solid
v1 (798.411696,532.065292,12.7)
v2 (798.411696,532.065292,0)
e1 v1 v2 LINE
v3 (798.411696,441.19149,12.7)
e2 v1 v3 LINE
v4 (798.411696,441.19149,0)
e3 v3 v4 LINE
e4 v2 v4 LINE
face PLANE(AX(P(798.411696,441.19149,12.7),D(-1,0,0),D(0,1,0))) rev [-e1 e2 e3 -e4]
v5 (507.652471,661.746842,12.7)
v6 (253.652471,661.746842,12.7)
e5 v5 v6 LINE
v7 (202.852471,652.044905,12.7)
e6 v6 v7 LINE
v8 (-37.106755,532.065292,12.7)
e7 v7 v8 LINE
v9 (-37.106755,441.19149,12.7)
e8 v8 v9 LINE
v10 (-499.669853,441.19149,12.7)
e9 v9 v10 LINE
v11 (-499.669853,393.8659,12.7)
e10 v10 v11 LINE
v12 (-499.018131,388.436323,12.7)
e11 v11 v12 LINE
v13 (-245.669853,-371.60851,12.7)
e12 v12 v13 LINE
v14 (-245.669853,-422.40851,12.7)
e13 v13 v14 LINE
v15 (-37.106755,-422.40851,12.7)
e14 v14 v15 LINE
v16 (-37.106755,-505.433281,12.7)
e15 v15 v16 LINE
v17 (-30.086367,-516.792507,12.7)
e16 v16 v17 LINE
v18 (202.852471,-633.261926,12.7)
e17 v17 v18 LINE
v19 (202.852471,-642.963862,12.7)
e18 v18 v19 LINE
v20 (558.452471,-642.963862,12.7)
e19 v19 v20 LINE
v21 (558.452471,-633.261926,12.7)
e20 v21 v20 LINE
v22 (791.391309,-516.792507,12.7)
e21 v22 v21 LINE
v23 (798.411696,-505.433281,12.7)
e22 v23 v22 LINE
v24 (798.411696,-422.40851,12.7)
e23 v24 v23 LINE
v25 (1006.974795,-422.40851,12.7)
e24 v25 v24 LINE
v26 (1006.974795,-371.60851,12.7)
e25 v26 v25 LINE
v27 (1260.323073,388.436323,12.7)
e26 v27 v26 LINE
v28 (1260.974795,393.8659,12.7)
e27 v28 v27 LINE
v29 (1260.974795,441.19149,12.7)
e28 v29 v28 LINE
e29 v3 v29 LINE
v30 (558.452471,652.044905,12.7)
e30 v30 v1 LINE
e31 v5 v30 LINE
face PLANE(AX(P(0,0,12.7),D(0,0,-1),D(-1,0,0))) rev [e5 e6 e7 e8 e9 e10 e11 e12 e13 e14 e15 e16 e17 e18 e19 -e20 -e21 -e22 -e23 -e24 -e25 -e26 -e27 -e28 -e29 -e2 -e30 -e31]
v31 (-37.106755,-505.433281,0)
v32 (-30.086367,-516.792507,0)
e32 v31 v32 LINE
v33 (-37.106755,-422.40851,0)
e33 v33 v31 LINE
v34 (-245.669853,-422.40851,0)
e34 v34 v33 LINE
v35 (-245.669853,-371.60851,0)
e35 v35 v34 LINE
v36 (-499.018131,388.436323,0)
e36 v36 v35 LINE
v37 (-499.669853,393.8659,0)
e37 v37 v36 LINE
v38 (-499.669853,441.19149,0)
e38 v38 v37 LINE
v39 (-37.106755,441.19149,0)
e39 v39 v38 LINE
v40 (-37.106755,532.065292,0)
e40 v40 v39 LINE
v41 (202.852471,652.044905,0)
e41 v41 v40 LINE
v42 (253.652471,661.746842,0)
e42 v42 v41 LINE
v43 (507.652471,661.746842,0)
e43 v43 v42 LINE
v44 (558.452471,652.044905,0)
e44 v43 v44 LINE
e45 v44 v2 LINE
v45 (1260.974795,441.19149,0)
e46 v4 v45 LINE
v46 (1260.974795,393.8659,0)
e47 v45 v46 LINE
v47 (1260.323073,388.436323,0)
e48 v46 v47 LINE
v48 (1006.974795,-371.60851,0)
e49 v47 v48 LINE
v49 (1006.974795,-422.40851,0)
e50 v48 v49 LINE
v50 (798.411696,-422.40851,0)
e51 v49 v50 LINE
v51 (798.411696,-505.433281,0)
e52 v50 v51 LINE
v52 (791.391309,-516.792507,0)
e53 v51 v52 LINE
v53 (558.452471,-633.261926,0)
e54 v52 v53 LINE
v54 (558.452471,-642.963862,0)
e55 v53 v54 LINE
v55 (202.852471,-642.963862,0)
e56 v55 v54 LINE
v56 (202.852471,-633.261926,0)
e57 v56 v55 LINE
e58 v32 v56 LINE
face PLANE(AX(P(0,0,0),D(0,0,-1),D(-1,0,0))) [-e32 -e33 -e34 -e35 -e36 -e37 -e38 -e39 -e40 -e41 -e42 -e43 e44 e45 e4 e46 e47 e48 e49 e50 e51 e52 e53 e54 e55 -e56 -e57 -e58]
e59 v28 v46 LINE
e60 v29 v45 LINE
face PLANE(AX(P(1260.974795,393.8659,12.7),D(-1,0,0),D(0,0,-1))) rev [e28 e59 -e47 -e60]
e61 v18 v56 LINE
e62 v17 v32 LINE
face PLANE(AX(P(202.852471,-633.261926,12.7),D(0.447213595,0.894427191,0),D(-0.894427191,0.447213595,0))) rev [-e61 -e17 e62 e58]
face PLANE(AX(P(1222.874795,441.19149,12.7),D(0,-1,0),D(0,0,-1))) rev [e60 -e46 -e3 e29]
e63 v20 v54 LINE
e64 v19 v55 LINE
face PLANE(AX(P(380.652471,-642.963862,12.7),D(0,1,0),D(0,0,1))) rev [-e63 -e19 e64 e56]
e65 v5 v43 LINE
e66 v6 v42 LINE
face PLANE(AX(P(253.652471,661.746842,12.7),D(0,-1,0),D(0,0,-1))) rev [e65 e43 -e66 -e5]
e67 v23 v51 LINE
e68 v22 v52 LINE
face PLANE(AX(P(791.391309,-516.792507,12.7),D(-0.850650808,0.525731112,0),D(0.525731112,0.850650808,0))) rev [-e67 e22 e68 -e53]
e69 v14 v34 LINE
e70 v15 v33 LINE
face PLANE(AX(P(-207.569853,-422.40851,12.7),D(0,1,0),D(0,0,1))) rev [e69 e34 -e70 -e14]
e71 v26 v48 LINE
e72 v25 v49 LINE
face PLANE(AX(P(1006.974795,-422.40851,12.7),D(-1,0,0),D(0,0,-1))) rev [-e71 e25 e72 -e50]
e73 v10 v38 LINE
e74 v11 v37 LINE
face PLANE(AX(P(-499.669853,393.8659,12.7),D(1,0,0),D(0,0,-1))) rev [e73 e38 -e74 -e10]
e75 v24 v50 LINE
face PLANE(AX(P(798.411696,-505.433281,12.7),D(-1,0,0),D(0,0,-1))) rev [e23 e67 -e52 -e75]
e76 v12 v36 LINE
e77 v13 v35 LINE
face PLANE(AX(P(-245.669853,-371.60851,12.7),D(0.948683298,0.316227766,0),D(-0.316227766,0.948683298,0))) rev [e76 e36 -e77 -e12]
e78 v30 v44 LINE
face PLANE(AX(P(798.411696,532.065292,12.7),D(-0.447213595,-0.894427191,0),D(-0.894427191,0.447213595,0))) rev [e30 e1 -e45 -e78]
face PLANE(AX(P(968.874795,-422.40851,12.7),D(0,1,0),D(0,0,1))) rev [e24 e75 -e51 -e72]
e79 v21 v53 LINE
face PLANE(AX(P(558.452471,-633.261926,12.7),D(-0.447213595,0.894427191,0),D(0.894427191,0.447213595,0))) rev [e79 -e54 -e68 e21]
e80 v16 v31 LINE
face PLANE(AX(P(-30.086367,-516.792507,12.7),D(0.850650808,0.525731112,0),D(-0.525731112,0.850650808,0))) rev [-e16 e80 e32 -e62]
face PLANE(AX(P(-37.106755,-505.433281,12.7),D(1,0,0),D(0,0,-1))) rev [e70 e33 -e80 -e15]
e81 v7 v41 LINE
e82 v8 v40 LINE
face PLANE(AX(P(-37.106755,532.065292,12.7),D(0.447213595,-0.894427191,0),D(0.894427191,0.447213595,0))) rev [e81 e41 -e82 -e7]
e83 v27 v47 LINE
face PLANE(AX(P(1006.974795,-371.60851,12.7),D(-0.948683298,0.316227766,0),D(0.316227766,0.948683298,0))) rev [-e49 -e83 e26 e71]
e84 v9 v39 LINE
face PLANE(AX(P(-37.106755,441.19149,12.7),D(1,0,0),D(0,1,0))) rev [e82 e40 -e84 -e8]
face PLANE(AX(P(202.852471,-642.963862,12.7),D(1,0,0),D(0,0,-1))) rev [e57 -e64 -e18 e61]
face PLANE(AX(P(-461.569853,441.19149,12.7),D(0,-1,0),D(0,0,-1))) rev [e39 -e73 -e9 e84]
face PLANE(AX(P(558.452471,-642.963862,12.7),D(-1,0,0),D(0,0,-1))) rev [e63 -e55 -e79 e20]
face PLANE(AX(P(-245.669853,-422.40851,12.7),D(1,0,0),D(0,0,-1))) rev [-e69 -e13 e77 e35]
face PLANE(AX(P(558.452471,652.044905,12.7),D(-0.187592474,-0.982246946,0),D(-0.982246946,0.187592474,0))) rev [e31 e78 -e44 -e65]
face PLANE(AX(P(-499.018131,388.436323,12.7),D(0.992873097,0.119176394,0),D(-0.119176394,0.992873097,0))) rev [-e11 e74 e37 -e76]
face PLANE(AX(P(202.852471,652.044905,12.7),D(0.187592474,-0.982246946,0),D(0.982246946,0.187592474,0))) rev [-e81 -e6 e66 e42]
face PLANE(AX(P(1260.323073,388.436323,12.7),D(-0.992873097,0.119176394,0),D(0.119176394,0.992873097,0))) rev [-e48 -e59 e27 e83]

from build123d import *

# Parameters (mm, degrees)
BOSS_EXTRUDE1_DEPTH = 12.7


with BuildPart() as part:
    # Sketch1 → Boss-Extrude1 (new body)
    with BuildSketch(Plane.XY):
        Polygon((-207.569853327, -422.408510368), (-37.10675463, -422.408510368), (-37.10675463, -505.433281316), (-30.086367293, -516.792506642), (202.852470696, -633.261925636), (202.852470696, -642.963862322), (380.652470696, -642.963862322), (380.652470696, 661.746841587), (253.652470696, 661.746841587), (202.852470696, 652.044904901), (-37.10675463, 532.065292238), (-37.10675463, 441.191489632), (-461.569853327, 441.191489632), (-499.669853327, 441.191489632), (-499.669853327, 393.865899836), (-499.018131212, 388.436323288), (-245.669853327, -371.608510368), (-245.669853327, -422.408510368), align=None)
    extrude(amount=BOSS_EXTRUDE1_DEPTH)

    # Mirror1: part across plane


with BuildPart() as part_1:
    add(part.part)
    add(part.part.mirror(Plane(origin=(380.652470696, 661.746841587, 12.7), x_dir=(0, 0, 1), z_dir=(-1, 0, 0))))


solid = part_1.part
